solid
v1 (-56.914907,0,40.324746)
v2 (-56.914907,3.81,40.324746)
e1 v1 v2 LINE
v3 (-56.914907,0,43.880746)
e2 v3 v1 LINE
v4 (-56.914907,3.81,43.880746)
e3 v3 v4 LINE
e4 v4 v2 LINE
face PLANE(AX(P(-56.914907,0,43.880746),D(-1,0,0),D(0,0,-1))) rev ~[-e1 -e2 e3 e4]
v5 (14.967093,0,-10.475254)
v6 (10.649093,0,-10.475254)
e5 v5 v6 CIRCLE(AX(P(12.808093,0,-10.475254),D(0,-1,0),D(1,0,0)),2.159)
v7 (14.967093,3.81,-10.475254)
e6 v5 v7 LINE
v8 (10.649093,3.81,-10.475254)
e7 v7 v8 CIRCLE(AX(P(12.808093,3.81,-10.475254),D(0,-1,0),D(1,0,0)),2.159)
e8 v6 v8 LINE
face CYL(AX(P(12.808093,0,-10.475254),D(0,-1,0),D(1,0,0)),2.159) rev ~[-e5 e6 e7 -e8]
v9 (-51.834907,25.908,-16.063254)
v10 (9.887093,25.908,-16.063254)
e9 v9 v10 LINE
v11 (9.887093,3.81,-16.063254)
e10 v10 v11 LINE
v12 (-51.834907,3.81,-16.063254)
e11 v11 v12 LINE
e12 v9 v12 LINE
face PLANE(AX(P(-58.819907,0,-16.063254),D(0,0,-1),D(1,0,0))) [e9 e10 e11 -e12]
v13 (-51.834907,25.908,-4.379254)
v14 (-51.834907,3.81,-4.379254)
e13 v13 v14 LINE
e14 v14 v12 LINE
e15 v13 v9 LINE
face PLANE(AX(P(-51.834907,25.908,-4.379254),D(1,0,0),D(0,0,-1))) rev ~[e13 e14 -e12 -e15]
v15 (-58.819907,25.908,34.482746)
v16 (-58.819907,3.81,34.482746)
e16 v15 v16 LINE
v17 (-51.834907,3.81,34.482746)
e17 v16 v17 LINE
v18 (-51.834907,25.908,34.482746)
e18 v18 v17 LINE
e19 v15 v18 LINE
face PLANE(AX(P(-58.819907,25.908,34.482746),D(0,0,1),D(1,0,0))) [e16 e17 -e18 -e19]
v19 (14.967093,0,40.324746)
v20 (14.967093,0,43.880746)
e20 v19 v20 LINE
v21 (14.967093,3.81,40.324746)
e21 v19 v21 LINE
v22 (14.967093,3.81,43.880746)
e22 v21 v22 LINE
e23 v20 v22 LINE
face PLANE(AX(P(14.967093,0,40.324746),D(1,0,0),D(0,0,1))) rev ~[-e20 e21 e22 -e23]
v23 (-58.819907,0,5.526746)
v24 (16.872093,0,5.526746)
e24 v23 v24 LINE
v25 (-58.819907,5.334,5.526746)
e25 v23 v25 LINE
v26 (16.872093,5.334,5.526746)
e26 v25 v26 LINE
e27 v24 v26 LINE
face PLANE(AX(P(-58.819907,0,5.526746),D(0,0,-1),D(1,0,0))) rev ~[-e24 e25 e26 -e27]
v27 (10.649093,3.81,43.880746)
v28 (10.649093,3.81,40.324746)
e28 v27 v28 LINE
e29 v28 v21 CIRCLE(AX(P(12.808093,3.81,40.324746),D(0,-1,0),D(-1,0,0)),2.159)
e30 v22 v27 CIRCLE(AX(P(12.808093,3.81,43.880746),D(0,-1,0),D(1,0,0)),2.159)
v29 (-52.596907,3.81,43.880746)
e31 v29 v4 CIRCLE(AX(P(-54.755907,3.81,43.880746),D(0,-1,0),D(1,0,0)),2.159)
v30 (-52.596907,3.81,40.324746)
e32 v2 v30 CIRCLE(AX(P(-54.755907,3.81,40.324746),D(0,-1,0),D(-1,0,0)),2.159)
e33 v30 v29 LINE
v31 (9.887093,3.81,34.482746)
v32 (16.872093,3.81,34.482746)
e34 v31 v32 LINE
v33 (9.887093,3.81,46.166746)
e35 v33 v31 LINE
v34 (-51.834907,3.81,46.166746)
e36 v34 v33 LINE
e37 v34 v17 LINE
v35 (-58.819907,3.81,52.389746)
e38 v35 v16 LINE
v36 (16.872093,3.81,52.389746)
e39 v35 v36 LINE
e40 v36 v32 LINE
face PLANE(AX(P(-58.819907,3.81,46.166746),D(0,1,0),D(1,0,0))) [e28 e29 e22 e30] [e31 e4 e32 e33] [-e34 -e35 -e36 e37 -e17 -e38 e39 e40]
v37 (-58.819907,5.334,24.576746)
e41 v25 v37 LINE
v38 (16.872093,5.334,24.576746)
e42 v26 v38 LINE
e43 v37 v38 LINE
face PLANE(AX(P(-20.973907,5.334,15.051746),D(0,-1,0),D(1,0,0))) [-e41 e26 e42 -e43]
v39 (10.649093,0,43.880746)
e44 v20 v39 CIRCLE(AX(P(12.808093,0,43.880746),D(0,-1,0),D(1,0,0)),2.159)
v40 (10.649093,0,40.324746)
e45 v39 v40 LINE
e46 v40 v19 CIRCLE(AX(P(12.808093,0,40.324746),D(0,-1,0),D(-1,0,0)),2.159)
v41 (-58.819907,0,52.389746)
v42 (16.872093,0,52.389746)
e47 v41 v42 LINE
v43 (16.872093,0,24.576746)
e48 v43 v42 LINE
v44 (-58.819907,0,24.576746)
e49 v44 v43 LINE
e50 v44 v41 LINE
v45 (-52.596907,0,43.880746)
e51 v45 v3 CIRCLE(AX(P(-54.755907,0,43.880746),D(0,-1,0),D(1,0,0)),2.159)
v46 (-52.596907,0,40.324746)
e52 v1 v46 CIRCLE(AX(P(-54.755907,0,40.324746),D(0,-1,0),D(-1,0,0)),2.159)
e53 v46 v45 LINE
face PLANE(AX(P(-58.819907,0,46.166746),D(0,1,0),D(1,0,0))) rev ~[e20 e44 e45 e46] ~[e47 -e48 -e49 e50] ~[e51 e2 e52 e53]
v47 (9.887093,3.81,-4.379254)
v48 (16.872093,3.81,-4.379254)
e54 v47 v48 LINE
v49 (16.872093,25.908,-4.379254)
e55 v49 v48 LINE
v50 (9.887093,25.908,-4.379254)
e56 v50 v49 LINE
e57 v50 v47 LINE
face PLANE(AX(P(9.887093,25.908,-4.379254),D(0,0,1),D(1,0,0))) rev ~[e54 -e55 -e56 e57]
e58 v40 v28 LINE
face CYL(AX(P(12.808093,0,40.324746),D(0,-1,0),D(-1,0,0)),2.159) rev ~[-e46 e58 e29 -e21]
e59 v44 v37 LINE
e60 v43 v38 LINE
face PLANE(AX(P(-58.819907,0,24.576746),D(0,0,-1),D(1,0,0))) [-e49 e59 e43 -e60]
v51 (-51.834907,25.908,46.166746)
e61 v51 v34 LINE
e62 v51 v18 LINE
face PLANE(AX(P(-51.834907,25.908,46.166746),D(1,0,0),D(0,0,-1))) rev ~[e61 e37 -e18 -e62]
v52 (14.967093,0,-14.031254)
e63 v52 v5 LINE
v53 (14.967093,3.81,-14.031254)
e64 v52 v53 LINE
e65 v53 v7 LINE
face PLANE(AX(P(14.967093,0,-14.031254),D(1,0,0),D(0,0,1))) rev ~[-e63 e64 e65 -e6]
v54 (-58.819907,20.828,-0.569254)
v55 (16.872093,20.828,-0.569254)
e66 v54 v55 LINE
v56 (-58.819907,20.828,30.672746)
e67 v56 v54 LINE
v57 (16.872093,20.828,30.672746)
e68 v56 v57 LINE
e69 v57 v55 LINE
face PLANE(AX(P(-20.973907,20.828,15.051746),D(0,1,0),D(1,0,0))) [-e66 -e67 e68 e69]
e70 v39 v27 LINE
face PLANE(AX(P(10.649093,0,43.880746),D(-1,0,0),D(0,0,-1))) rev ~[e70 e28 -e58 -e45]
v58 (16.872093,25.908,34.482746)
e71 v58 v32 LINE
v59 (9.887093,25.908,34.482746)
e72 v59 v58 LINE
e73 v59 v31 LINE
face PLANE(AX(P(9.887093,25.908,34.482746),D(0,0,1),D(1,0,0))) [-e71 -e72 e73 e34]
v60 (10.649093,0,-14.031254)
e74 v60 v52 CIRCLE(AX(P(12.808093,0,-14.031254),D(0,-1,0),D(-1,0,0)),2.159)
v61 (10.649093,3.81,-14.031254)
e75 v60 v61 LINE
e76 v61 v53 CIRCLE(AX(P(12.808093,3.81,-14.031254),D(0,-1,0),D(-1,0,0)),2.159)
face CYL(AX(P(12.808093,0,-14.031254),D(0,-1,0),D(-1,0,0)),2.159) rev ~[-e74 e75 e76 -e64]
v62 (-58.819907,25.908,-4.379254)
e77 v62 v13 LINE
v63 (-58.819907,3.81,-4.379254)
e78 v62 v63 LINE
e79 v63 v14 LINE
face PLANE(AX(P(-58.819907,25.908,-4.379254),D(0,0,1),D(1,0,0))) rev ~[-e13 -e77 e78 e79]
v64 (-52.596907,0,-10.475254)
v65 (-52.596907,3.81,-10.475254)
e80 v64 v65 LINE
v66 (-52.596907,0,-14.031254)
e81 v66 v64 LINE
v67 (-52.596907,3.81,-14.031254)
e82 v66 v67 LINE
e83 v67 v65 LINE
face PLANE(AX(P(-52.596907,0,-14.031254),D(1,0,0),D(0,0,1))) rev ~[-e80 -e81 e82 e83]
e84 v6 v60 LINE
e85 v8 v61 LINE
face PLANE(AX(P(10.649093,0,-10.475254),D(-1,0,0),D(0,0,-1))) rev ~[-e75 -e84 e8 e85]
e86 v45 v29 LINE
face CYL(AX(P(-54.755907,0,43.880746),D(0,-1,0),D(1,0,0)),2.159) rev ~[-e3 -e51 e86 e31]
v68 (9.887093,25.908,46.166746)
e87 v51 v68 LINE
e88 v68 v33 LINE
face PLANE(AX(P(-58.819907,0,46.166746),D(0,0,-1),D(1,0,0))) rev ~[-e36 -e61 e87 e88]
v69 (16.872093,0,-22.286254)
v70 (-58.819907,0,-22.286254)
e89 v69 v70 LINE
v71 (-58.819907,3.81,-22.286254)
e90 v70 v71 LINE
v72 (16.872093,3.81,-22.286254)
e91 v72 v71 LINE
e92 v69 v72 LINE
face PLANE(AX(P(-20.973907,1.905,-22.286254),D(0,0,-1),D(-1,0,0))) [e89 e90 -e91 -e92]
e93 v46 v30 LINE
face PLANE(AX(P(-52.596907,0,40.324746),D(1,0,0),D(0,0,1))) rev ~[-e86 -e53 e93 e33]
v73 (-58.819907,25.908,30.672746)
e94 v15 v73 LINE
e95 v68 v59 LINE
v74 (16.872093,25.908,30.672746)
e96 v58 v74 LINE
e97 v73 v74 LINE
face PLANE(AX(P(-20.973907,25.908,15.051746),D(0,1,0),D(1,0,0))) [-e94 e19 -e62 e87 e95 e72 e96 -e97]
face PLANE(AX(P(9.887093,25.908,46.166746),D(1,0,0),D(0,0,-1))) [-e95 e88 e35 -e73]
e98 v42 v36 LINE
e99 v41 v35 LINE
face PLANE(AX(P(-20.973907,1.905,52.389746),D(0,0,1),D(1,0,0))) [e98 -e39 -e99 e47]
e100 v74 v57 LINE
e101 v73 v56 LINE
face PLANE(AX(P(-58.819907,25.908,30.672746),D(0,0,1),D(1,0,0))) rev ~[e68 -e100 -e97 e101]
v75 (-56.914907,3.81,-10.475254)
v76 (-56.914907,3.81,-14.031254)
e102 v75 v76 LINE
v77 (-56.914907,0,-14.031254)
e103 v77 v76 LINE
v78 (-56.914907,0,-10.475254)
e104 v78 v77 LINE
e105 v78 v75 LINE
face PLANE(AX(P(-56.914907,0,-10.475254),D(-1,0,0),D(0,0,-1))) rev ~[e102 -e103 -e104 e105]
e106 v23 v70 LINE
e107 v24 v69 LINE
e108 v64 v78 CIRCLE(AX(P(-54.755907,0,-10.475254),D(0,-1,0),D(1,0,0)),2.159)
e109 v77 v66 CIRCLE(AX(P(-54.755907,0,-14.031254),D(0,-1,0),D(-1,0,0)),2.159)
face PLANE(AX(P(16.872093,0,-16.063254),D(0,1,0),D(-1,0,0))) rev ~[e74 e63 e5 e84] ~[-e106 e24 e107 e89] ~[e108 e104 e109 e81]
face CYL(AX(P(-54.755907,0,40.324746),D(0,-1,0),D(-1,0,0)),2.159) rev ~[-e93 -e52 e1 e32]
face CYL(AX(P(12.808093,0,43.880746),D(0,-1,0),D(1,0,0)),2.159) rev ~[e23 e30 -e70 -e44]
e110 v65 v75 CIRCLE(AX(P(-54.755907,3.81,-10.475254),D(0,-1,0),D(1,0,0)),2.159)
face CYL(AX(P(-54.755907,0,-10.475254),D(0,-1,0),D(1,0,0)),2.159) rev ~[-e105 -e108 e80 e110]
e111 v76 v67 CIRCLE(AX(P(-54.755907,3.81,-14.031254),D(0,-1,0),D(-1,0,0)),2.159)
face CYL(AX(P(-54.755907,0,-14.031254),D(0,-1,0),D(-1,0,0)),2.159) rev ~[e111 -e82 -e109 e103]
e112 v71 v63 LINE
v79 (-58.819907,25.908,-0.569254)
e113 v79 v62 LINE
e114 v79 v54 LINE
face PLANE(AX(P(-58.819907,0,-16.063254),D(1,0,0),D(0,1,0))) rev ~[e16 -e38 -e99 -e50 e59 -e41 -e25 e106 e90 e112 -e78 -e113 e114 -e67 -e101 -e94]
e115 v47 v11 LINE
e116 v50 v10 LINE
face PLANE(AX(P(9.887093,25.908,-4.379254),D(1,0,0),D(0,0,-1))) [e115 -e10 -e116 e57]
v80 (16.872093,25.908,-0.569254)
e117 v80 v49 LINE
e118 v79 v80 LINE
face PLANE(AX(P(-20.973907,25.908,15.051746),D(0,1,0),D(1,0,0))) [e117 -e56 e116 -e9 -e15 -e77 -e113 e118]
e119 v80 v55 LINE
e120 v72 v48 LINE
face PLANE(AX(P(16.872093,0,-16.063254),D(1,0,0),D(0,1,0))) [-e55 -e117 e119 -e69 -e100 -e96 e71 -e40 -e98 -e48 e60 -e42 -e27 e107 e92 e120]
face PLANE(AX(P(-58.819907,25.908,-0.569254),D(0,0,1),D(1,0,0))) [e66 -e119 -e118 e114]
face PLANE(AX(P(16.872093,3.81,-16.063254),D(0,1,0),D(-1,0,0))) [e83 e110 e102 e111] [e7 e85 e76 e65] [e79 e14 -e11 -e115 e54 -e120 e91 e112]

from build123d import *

# Parameters (mm, degrees)
SKETCH1_W           = 75.692
SKETCH1_H           = 62.23
BOSS_EXTRUDE1_DEPTH = 25.908
SKETCH2_W           = 75.692
SKETCH2_H           = 31.242
CUT_EXTRUDE1_DEPTH  = 5.08
SKETCH4_W           = 6.985
SKETCH4_H           = 11.684
CUT_EXTRUDE4_DEPTH  = 22.098
SKETCH3_W           = 75.692
SKETCH3_H           = 19.05
CUT_EXTRUDE5_DEPTH  = 5.334
SKETCH8_W           = 75.692
SKETCH8_H           = 3.81
BOSS_EXTRUDE2_DEPTH = 6.223
SKETCH9_W           = 75.692
SKETCH9_H           = 3.81
BOSS_EXTRUDE3_DEPTH = 6.223
CUT_EXTRUDE6_REACH  = 84.92


with BuildPart() as part:
    # Sketch1 → Boss-Extrude1 (new body)
    with BuildSketch(Plane(origin=(0, 0, 0), x_dir=(1, 0, 0), z_dir=(0, 1, 0))):
        with Locations((-20.973907218, -15.051745981)):
            Rectangle(SKETCH1_W, SKETCH1_H)
    extrude(amount=BOSS_EXTRUDE1_DEPTH)

    # Sketch2 → Cut-Extrude1 (cut)
    with BuildSketch(Plane(origin=(0, 25.908, 0), x_dir=(1, 0, 0), z_dir=(0, 1, 0))):
        with Locations((-20.973907218, -15.051745981)):
            Rectangle(SKETCH2_W, SKETCH2_H)
    extrude(amount=-CUT_EXTRUDE1_DEPTH, mode=Mode.SUBTRACT)

    # Sketch4 → Cut-Extrude4 (cut)
    with BuildSketch(Plane(origin=(0, 25.908, 0), x_dir=(1, 0, 0), z_dir=(0, 1, 0))):
        with Locations((13.379592782, -40.324745981)):
            Rectangle(SKETCH4_W, SKETCH4_H)
        with Locations((-55.327407218, -40.324745981)):
            Rectangle(SKETCH4_W, SKETCH4_H)
        with Locations((-55.327407218, 10.221254019)):
            Rectangle(SKETCH4_W, SKETCH4_H)
        with Locations((13.379592782, 10.221254019)):
            Rectangle(SKETCH4_W, SKETCH4_H)
    extrude(amount=-CUT_EXTRUDE4_DEPTH, mode=Mode.SUBTRACT)

    # Sketch3 → Cut-Extrude5 (cut)
    with BuildSketch(Plane.XZ):
        with Locations((-20.973907218, 15.051745981)):
            Rectangle(SKETCH3_W, SKETCH3_H)
    extrude(amount=-CUT_EXTRUDE5_DEPTH, mode=Mode.SUBTRACT)

    # Sketch8 → Boss-Extrude2 (add)
    with BuildSketch(Plane.XY.offset(46.166745981)):
        with Locations((-20.973907218, 1.905)):
            Rectangle(SKETCH8_W, SKETCH8_H)
    extrude(amount=BOSS_EXTRUDE2_DEPTH)

    # Sketch9 → Boss-Extrude3 (add)
    with BuildSketch(Plane(origin=(0, 0, -16.063254019), x_dir=(-1, 0, 0), z_dir=(0, 0, -1))):
        with Locations((20.973907218, 1.905)):
            Rectangle(SKETCH9_W, SKETCH9_H)
    extrude(amount=BOSS_EXTRUDE3_DEPTH)

    # Sketch7 → Cut-Extrude6 (cut, up to next)
    with BuildSketch(Plane.XZ, mode=Mode.PRIVATE) as cut_extrude6_sk1:
        with BuildLine():
            Line((-56.914907218, 43.880745981), (-56.914907218, 40.324745981))
            ThreePointArc((-56.914907218, 40.324745981), (-54.755907218, 38.165745981), (-52.596907218, 40.324745981))
            Line((-52.596907218, 40.324745981), (-52.596907218, 43.880745981))
            ThreePointArc((-52.596907218, 43.880745981), (-54.755907218, 46.039745981), (-56.914907218, 43.880745981))
        make_face()
    cut_extrude6_tool1 = extrude(cut_extrude6_sk1.sketch, amount=-CUT_EXTRUDE6_REACH, mode=Mode.PRIVATE) & part.part
    # Sketch7 → Cut-Extrude6 (cut, up to next)
    with BuildSketch(Plane.XZ, mode=Mode.PRIVATE) as cut_extrude6_sk2:
        with BuildLine():
            Line((10.649092782, 43.880745981), (10.649092782, 40.324745981))
            ThreePointArc((10.649092782, 40.324745981), (12.808092782, 38.165745981), (14.967092782, 40.324745981))
            Line((14.967092782, 40.324745981), (14.967092782, 43.880745981))
            ThreePointArc((14.967092782, 43.880745981), (12.808092782, 46.039745981), (10.649092782, 43.880745981))
        make_face()
    cut_extrude6_tool2 = extrude(cut_extrude6_sk2.sketch, amount=-CUT_EXTRUDE6_REACH, mode=Mode.PRIVATE) & part.part
    # Sketch7 → Cut-Extrude6 (cut, up to next)
    with BuildSketch(Plane.XZ, mode=Mode.PRIVATE) as cut_extrude6_sk3:
        with BuildLine():
            Line((10.649092782, -10.475254019), (10.649092782, -14.031254019))
            ThreePointArc((10.649092782, -14.031254019), (12.808092782, -16.190254019), (14.967092782, -14.031254019))
            Line((14.967092782, -14.031254019), (14.967092782, -10.475254019))
            ThreePointArc((14.967092782, -10.475254019), (12.808092782, -8.316254019), (10.649092782, -10.475254019))
        make_face()
    cut_extrude6_tool3 = extrude(cut_extrude6_sk3.sketch, amount=-CUT_EXTRUDE6_REACH, mode=Mode.PRIVATE) & part.part
    # Sketch7 → Cut-Extrude6 (cut, up to next)
    with BuildSketch(Plane.XZ, mode=Mode.PRIVATE) as cut_extrude6_sk4:
        with BuildLine():
            Line((-56.914907218, -10.475254019), (-56.914907218, -14.031254019))
            ThreePointArc((-56.914907218, -14.031254019), (-54.755907218, -16.190254019), (-52.596907218, -14.031254019))
            Line((-52.596907218, -14.031254019), (-52.596907218, -10.475254019))
            ThreePointArc((-52.596907218, -10.475254019), (-54.755907218, -8.316254019), (-56.914907218, -10.475254019))
        make_face()
    cut_extrude6_tool4 = extrude(cut_extrude6_sk4.sketch, amount=-CUT_EXTRUDE6_REACH, mode=Mode.PRIVATE) & part.part
    add(cut_extrude6_tool1.solids().sort_by_distance((-54.755907, 0, 42.102746))[0], mode=Mode.SUBTRACT)
    add(cut_extrude6_tool2.solids().sort_by_distance((12.808093, 0, 42.102746))[0], mode=Mode.SUBTRACT)
    add(cut_extrude6_tool3.solids().sort_by_distance((12.808093, 0, -12.253254))[0], mode=Mode.SUBTRACT)
    add(cut_extrude6_tool4.solids().sort_by_distance((-54.755907, 0, -12.253254))[0], mode=Mode.SUBTRACT)


solid = part.part
